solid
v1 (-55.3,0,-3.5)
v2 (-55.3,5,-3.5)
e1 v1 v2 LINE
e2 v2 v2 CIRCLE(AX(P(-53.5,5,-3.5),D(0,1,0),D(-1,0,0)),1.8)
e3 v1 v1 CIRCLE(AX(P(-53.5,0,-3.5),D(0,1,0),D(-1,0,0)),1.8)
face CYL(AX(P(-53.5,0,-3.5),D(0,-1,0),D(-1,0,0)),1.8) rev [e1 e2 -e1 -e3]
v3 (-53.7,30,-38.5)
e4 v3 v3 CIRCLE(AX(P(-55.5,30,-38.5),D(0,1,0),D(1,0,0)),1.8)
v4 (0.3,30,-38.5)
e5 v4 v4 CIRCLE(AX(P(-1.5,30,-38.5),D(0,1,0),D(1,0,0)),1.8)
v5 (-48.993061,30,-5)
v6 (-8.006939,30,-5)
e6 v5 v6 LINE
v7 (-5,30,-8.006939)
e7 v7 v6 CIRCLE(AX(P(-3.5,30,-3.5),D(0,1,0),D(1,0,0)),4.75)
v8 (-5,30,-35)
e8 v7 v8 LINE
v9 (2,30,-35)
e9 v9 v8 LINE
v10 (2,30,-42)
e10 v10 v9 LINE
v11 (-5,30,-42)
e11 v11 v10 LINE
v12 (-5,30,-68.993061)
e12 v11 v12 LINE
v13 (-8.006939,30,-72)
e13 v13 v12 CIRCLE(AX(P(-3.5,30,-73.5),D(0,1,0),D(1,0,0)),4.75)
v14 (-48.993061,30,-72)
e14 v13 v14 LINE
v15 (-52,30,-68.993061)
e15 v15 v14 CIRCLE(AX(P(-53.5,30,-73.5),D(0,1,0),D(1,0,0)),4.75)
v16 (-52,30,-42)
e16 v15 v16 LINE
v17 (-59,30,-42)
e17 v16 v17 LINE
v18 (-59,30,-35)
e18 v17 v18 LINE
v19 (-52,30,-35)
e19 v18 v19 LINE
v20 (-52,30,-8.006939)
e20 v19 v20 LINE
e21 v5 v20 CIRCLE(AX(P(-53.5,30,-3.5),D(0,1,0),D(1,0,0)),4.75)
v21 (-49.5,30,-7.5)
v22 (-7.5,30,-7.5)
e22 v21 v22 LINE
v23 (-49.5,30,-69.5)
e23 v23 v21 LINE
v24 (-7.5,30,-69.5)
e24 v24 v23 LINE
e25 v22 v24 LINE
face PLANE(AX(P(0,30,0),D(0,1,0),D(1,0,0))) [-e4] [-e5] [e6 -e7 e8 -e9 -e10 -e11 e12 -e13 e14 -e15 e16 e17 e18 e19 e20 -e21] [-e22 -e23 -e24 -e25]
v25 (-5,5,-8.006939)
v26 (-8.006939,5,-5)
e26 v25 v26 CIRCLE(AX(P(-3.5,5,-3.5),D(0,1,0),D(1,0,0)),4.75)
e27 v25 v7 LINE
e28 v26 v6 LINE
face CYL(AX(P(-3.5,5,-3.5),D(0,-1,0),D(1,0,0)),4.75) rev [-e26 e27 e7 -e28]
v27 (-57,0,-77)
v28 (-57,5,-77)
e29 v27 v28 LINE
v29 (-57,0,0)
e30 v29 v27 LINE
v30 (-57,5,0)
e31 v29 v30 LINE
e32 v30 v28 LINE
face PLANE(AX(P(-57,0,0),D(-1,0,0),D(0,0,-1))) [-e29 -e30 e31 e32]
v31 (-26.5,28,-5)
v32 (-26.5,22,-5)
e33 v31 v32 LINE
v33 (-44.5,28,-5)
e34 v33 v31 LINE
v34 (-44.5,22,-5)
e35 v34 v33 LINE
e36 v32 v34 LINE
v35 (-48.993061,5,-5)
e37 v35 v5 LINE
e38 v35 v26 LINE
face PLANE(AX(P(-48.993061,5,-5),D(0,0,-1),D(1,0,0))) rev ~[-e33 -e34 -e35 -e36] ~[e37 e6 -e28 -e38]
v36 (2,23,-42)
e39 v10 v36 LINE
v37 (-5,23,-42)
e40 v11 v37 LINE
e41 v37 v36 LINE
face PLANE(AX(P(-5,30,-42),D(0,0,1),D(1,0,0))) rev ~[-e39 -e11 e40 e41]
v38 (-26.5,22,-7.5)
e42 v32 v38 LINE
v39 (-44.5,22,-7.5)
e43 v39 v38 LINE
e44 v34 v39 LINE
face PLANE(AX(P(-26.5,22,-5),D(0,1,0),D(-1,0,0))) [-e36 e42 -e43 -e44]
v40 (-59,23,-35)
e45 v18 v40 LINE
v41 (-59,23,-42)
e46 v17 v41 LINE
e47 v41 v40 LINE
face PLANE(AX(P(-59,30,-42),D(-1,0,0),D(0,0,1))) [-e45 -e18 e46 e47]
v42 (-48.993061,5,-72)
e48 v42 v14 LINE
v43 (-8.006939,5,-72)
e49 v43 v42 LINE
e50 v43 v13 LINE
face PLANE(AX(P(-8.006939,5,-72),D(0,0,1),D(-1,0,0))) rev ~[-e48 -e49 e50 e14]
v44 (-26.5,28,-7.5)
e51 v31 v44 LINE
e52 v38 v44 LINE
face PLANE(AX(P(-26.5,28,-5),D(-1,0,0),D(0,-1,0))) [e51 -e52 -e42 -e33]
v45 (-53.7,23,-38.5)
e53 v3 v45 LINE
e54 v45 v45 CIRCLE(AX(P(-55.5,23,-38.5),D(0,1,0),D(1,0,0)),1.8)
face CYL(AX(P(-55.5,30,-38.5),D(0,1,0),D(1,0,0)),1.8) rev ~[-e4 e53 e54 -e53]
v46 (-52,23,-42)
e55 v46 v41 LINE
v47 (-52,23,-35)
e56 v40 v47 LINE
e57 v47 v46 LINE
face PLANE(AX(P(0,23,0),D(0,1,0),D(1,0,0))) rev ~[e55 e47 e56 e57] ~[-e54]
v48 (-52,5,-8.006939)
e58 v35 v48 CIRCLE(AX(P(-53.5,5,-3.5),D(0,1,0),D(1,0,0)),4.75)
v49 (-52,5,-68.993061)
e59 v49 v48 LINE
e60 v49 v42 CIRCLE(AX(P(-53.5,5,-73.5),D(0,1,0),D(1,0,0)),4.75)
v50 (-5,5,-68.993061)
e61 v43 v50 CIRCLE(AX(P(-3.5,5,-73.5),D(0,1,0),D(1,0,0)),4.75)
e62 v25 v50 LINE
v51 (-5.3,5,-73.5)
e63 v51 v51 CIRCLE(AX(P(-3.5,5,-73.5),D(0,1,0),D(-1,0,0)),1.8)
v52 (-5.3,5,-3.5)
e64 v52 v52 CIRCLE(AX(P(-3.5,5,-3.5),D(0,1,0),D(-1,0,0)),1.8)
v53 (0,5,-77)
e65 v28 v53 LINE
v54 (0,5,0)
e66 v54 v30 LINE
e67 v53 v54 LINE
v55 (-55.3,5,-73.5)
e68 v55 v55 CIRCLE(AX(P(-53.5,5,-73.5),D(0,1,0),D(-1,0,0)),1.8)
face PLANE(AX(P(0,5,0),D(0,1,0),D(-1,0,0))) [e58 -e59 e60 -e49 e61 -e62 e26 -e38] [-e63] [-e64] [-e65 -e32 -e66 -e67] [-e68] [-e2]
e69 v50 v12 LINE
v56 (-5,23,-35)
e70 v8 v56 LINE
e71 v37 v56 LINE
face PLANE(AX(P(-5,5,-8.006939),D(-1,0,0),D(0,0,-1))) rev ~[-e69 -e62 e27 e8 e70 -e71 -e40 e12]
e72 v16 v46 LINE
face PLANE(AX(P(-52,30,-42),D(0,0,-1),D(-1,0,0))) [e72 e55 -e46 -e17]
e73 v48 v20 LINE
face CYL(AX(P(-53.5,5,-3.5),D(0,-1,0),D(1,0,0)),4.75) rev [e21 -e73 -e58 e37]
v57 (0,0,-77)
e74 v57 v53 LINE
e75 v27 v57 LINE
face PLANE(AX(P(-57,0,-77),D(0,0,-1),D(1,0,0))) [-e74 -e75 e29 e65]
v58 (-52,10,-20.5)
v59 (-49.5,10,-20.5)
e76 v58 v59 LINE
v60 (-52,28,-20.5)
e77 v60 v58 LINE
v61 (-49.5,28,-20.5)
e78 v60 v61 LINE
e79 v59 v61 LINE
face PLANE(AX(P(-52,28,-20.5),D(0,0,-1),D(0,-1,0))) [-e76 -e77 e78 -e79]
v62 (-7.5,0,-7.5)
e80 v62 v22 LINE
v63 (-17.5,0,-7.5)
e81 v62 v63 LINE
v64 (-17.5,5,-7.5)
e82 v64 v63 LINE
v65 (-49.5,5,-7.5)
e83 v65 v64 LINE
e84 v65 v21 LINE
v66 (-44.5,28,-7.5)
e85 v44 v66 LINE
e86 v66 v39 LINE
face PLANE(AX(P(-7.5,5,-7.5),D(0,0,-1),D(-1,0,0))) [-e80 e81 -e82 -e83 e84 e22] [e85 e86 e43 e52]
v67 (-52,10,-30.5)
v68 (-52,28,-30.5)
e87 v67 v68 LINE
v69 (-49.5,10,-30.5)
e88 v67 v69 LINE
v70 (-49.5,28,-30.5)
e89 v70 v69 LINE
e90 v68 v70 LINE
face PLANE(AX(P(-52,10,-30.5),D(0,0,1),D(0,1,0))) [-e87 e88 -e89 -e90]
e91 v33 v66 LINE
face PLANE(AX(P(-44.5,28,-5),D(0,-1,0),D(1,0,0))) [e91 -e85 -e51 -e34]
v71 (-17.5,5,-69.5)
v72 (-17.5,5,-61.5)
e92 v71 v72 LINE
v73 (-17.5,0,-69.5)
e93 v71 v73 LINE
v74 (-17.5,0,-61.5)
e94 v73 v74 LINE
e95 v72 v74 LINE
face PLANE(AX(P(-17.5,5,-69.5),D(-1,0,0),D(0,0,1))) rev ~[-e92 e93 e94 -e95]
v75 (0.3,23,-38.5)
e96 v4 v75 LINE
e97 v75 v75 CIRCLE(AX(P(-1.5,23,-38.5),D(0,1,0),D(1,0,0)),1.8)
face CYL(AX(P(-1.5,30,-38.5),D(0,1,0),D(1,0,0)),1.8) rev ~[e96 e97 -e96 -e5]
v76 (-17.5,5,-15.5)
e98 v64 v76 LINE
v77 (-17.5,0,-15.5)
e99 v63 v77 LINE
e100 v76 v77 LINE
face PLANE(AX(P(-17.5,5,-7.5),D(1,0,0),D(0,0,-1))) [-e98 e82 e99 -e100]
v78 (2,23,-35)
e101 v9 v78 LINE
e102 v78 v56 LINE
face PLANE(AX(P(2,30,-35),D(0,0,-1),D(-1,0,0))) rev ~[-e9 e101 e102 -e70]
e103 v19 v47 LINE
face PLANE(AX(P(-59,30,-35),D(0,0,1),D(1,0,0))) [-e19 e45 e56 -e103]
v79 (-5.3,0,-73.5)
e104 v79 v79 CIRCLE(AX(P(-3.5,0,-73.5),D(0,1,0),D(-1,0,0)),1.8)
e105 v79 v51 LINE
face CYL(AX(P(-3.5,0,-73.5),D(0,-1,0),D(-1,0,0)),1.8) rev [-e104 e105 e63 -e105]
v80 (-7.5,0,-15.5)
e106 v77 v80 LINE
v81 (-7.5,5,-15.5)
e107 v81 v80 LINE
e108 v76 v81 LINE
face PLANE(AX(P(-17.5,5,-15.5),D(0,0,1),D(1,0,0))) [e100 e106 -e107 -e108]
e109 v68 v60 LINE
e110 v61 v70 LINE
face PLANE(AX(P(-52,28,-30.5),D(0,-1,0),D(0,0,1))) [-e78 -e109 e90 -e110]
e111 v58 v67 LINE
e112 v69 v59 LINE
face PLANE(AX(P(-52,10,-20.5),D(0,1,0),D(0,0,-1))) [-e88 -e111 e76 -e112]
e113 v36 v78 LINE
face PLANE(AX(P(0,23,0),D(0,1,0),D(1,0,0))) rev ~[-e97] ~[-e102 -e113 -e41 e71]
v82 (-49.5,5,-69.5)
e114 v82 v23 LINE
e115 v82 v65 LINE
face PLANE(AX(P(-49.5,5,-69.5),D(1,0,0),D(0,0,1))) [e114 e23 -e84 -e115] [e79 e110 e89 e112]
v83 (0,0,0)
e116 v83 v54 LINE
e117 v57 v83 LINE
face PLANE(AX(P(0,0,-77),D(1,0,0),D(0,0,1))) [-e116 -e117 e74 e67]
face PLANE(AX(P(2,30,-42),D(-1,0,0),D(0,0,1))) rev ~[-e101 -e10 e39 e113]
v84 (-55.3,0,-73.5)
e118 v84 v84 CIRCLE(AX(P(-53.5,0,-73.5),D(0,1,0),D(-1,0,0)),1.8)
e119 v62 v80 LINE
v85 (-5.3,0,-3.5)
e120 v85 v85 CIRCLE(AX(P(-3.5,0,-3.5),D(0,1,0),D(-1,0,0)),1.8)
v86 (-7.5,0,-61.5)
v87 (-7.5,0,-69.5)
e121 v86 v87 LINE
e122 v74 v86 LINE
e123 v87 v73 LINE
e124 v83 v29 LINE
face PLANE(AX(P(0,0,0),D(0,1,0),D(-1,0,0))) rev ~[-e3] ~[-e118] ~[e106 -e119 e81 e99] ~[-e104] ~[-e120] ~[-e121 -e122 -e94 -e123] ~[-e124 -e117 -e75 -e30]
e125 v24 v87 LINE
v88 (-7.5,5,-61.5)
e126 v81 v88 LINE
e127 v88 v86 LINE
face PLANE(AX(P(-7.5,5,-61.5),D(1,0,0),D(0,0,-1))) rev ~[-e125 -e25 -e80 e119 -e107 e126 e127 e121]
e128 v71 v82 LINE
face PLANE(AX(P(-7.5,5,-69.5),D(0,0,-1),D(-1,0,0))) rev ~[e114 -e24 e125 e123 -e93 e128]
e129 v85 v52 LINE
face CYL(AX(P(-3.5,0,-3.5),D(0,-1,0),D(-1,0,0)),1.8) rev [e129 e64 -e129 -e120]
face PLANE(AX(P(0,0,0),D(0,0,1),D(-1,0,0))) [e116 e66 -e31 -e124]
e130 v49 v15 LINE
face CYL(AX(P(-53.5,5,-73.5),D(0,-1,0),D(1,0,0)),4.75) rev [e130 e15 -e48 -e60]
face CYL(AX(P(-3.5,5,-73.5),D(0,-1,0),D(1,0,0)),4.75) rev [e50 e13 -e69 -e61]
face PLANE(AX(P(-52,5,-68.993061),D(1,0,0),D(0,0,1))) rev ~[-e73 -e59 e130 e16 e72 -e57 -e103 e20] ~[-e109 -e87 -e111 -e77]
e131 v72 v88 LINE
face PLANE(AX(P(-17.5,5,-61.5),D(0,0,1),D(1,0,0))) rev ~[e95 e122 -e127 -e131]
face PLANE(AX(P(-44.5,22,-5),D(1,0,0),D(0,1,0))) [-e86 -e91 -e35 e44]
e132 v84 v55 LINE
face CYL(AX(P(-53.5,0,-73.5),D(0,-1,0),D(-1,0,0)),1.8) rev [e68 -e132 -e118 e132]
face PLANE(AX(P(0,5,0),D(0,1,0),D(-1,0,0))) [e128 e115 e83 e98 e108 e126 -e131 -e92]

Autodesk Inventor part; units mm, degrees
ref_plane "YZ Plane" through (0, 0, 0) normal (1, 0, 0) x (0, 1, 0)
ref_plane "XZ Plane" through (0, 0, 0) normal (0, 1, 0) x (-1, 0, 0)
ref_plane "XY Plane" through (0, 0, 0) normal (0, 0, 1) x (1, 0, 0)
sketch "Sketch1" plane through (0, 0, 0) normal (0, 1, 0) x (-1, 0, 0)
  line L0 (0, 0) -> (57, 0)
  line L1 (57, 0) -> (57, -77)
  line L2 (57, -77) -> (0, -77)
  line L3 (0, -77) -> (0, 0)
  line L4 (53.5, -3.5) -> (3.5, -3.5) construction
  line L5 (3.5, -3.5) -> (3.5, -73.5) construction
  line L6 (3.5, -73.5) -> (53.5, -73.5) construction
  line L7 (53.5, -73.5) -> (53.5, -3.5) construction
  line L8 (52, -5) -> (5, -5)
  line L9 (5, -5) -> (5, -72)
  line L10 (5, -72) -> (52, -72)
  line L11 (52, -72) -> (52, -5)
  circle A0 centre (53.5, -3.5) radius 1.8
  circle A1 centre (53.5, -73.5) radius 1.8
  circle A2 centre (3.5, -3.5) radius 1.8
  circle A3 centre (3.5, -73.5) radius 1.8
  dimension "d0" = 57
  dimension "d1" = 77
  dimension "d2" = 50
  dimension "d3" = 70
  dimension "d4" = 3.5
  dimension "d5" = 3.5
  dimension "d6" = 67
  dimension "d7" = 47
  dimension "d8" = 1.5
  dimension "d9" = 1.5
  dimension "d10" = 3.6
  dimension "d11" = 3.6
  dimension "d12" = 3.6
  dimension "d13" = 3.6
extrude "Extrusion1" add sketch "Sketch1" along normal blind 5 contours L0 L1 L2 L3 | L11 L10 L9 L8
sketch "Sketch3" plane through (0, 5, 0) normal (0, 1, 0) x (1, 0, 0)
  line L0 (-52, 5) -> (-5, 5)
  line L1 (-5, 5) -> (-5, 72)
  line L2 (-5, 72) -> (-52, 72)
  line L3 (-52, 72) -> (-52, 5)
  line L4 (-57, 77) -> (-57, 0) projected
  line L5 (-57, 0) -> (0, 0) projected
  circle A0 centre (-53.5, 3.5) radius 1.8 construction
  circle A1 centre (-53.5, 3.5) radius 4.75
  circle A2 centre (-53.5, 73.5) radius 1.8 construction
  circle A3 centre (-53.5, 73.5) radius 4.75
  circle A4 centre (-3.5, 3.5) radius 1.8 construction
  circle A5 centre (-3.5, 3.5) radius 4.75
  circle A6 centre (-3.5, 73.5) radius 1.8 construction
  circle A7 centre (-3.5, 73.5) radius 4.75
  line L6 (-49.5, 7.5) -> (-7.5, 7.5)
  line L7 (-7.5, 7.5) -> (-7.5, 69.5)
  line L8 (-7.5, 69.5) -> (-49.5, 69.5)
  line L9 (-49.5, 69.5) -> (-49.5, 7.5)
  point P0 (-5, 68.9931)
  point P1 (-8.0069, 72)
  point P2 (-48.9931, 72)
  point P3 (-52, 68.9931)
  point P4 (-52, 8.0069)
  point P5 (-48.9931, 5)
  point P6 (-8.0069, 5)
  point P7 (-5, 8.0069)
  dimension "d30" = 47
  dimension "d31" = 67
  dimension "d32" = 5
  dimension "d33" = 5
  dimension "d34" = 9.5
  dimension "d35" = 9.5
  dimension "d36" = 9.5
  dimension "d37" = 9.5
  dimension "d38" = 42
  dimension "d39" = 62
  dimension "d40" = 2.5
  dimension "d41" = 2.5
extrude "Extrusion2" add sketch "Sketch3" along normal blind 25 contours A1 L3 A3 L2 A7 L1 A5 L0
sketch "Sketch4" plane through (-48.9931, 5, -5) normal (0, 0, 1) x (1, 0, 0)
  line L0 (4.4931, 23) -> (22.4931, 23)
  line L1 (22.4931, 23) -> (22.4931, 17)
  line L2 (22.4931, 17) -> (4.4931, 17)
  line L3 (4.4931, 17) -> (4.4931, 23)
  line L4 (43.9931, 0) -> (43.9931, 25) projected
  line L5 (-8.0069, 0) -> (48.9931, 0) projected
  point P0 (48.9931, -5)
  dimension "d44" = 18
  dimension "d45" = 6
  dimension "d46" = 21.5
  dimension "d47" = 17
extrude "Extrusion3" cut sketch "Sketch4" against normal blind 10
sketch "Sketch5" plane through (0, 30, 0) normal (0, 1, 0) x (1, 0, 0)
  line L0 (-5, 68.9931) -> (-5, 8.0069) projected
  line L1 (-5, 42) -> (2, 42)
  line L2 (2, 42) -> (2, 35)
  line L3 (2, 35) -> (-5, 35)
  line L4 (-5, 35) -> (-5, 42)
  line L5 (-8.0069, 72) -> (-48.9931, 72) projected
  line L6 (0, 77) -> (-57, 77) construction
  line L7 (-28.5, 77) -> (-28.5, 0) construction
  line L8 (-57, 0) -> (0, 0) construction
  line L9 (-5, 38.5) -> (2, 38.5) construction
  line L10 (-1.5, 42) -> (-1.5, 35) construction
  circle A0 centre (-1.5, 38.5) radius 1.8
  line L11 (-52, 42) -> (-59, 42)
  line L12 (-59, 42) -> (-59, 35)
  line L13 (-59, 35) -> (-52, 35)
  line L14 (-52, 35) -> (-52, 42)
  line L15 (-52, 38.5) -> (-59, 38.5) construction
  line L16 (-55.5, 42) -> (-55.5, 35) construction
  circle A1 centre (-55.5, 38.5) radius 1.8
  dimension "d50" = 7
  dimension "d51" = 7
  dimension "d52" = 30
  dimension "d53" = 3.6
extrude "Extrusion4" add sketch "Sketch5" against normal blind 7
sketch "Sketch6" plane through (-52, 5, -68.9931) normal (-1, 0, 0) x (0, 0, 1)
  line L0 (38.4931, 23) -> (48.4931, 23)
  line L1 (48.4931, 23) -> (48.4931, 5)
  line L2 (48.4931, 5) -> (38.4931, 5)
  line L3 (38.4931, 5) -> (38.4931, 23)
  line L4 (63.9931, 0) -> (63.9931, 25) projected
  line L5 (33.9931, 25) -> (60.9861, 25) projected
  line L6 (60.9861, 0) -> (0, 0) projected
  point P0 (68.9931, -5)
  dimension "d56" = 15.5
  dimension "d57" = 10
  dimension "d58" = 2
  dimension "d59" = 5
extrude "Extrusion5" cut sketch "Sketch6" against normal blind 25
sketch "Sketch8" plane through (0, 5, 0) normal (0, 1, 0) x (1, 0, 0)
  line L0 (-7.5, 7.5) -> (-7.5, 69.5) projected
  line L1 (-7.5, 7.5) -> (-17.5, 7.5)
  line L2 (-17.5, 7.5) -> (-17.5, 15.5)
  line L3 (-17.5, 15.5) -> (-7.5, 15.5)
  line L4 (-7.5, 15.5) -> (-7.5, 7.5)
  line L5 (-7.5, 69.5) -> (-7.5, 7.5) projected
  line L6 (-7.5, 69.5) -> (-17.5, 69.5)
  line L7 (-17.5, 69.5) -> (-17.5, 61.5)
  line L8 (-17.5, 61.5) -> (-7.5, 61.5)
  line L9 (-7.5, 61.5) -> (-7.5, 69.5)
  point P0 (0, 0)
  dimension "d64" = 10
  dimension "d65" = 8
  dimension "d68" = 10
  dimension "d69" = 8
extrude "Extrusion6" cut sketch "Sketch8" against normal blind 10
properties part number "ESPBox"
